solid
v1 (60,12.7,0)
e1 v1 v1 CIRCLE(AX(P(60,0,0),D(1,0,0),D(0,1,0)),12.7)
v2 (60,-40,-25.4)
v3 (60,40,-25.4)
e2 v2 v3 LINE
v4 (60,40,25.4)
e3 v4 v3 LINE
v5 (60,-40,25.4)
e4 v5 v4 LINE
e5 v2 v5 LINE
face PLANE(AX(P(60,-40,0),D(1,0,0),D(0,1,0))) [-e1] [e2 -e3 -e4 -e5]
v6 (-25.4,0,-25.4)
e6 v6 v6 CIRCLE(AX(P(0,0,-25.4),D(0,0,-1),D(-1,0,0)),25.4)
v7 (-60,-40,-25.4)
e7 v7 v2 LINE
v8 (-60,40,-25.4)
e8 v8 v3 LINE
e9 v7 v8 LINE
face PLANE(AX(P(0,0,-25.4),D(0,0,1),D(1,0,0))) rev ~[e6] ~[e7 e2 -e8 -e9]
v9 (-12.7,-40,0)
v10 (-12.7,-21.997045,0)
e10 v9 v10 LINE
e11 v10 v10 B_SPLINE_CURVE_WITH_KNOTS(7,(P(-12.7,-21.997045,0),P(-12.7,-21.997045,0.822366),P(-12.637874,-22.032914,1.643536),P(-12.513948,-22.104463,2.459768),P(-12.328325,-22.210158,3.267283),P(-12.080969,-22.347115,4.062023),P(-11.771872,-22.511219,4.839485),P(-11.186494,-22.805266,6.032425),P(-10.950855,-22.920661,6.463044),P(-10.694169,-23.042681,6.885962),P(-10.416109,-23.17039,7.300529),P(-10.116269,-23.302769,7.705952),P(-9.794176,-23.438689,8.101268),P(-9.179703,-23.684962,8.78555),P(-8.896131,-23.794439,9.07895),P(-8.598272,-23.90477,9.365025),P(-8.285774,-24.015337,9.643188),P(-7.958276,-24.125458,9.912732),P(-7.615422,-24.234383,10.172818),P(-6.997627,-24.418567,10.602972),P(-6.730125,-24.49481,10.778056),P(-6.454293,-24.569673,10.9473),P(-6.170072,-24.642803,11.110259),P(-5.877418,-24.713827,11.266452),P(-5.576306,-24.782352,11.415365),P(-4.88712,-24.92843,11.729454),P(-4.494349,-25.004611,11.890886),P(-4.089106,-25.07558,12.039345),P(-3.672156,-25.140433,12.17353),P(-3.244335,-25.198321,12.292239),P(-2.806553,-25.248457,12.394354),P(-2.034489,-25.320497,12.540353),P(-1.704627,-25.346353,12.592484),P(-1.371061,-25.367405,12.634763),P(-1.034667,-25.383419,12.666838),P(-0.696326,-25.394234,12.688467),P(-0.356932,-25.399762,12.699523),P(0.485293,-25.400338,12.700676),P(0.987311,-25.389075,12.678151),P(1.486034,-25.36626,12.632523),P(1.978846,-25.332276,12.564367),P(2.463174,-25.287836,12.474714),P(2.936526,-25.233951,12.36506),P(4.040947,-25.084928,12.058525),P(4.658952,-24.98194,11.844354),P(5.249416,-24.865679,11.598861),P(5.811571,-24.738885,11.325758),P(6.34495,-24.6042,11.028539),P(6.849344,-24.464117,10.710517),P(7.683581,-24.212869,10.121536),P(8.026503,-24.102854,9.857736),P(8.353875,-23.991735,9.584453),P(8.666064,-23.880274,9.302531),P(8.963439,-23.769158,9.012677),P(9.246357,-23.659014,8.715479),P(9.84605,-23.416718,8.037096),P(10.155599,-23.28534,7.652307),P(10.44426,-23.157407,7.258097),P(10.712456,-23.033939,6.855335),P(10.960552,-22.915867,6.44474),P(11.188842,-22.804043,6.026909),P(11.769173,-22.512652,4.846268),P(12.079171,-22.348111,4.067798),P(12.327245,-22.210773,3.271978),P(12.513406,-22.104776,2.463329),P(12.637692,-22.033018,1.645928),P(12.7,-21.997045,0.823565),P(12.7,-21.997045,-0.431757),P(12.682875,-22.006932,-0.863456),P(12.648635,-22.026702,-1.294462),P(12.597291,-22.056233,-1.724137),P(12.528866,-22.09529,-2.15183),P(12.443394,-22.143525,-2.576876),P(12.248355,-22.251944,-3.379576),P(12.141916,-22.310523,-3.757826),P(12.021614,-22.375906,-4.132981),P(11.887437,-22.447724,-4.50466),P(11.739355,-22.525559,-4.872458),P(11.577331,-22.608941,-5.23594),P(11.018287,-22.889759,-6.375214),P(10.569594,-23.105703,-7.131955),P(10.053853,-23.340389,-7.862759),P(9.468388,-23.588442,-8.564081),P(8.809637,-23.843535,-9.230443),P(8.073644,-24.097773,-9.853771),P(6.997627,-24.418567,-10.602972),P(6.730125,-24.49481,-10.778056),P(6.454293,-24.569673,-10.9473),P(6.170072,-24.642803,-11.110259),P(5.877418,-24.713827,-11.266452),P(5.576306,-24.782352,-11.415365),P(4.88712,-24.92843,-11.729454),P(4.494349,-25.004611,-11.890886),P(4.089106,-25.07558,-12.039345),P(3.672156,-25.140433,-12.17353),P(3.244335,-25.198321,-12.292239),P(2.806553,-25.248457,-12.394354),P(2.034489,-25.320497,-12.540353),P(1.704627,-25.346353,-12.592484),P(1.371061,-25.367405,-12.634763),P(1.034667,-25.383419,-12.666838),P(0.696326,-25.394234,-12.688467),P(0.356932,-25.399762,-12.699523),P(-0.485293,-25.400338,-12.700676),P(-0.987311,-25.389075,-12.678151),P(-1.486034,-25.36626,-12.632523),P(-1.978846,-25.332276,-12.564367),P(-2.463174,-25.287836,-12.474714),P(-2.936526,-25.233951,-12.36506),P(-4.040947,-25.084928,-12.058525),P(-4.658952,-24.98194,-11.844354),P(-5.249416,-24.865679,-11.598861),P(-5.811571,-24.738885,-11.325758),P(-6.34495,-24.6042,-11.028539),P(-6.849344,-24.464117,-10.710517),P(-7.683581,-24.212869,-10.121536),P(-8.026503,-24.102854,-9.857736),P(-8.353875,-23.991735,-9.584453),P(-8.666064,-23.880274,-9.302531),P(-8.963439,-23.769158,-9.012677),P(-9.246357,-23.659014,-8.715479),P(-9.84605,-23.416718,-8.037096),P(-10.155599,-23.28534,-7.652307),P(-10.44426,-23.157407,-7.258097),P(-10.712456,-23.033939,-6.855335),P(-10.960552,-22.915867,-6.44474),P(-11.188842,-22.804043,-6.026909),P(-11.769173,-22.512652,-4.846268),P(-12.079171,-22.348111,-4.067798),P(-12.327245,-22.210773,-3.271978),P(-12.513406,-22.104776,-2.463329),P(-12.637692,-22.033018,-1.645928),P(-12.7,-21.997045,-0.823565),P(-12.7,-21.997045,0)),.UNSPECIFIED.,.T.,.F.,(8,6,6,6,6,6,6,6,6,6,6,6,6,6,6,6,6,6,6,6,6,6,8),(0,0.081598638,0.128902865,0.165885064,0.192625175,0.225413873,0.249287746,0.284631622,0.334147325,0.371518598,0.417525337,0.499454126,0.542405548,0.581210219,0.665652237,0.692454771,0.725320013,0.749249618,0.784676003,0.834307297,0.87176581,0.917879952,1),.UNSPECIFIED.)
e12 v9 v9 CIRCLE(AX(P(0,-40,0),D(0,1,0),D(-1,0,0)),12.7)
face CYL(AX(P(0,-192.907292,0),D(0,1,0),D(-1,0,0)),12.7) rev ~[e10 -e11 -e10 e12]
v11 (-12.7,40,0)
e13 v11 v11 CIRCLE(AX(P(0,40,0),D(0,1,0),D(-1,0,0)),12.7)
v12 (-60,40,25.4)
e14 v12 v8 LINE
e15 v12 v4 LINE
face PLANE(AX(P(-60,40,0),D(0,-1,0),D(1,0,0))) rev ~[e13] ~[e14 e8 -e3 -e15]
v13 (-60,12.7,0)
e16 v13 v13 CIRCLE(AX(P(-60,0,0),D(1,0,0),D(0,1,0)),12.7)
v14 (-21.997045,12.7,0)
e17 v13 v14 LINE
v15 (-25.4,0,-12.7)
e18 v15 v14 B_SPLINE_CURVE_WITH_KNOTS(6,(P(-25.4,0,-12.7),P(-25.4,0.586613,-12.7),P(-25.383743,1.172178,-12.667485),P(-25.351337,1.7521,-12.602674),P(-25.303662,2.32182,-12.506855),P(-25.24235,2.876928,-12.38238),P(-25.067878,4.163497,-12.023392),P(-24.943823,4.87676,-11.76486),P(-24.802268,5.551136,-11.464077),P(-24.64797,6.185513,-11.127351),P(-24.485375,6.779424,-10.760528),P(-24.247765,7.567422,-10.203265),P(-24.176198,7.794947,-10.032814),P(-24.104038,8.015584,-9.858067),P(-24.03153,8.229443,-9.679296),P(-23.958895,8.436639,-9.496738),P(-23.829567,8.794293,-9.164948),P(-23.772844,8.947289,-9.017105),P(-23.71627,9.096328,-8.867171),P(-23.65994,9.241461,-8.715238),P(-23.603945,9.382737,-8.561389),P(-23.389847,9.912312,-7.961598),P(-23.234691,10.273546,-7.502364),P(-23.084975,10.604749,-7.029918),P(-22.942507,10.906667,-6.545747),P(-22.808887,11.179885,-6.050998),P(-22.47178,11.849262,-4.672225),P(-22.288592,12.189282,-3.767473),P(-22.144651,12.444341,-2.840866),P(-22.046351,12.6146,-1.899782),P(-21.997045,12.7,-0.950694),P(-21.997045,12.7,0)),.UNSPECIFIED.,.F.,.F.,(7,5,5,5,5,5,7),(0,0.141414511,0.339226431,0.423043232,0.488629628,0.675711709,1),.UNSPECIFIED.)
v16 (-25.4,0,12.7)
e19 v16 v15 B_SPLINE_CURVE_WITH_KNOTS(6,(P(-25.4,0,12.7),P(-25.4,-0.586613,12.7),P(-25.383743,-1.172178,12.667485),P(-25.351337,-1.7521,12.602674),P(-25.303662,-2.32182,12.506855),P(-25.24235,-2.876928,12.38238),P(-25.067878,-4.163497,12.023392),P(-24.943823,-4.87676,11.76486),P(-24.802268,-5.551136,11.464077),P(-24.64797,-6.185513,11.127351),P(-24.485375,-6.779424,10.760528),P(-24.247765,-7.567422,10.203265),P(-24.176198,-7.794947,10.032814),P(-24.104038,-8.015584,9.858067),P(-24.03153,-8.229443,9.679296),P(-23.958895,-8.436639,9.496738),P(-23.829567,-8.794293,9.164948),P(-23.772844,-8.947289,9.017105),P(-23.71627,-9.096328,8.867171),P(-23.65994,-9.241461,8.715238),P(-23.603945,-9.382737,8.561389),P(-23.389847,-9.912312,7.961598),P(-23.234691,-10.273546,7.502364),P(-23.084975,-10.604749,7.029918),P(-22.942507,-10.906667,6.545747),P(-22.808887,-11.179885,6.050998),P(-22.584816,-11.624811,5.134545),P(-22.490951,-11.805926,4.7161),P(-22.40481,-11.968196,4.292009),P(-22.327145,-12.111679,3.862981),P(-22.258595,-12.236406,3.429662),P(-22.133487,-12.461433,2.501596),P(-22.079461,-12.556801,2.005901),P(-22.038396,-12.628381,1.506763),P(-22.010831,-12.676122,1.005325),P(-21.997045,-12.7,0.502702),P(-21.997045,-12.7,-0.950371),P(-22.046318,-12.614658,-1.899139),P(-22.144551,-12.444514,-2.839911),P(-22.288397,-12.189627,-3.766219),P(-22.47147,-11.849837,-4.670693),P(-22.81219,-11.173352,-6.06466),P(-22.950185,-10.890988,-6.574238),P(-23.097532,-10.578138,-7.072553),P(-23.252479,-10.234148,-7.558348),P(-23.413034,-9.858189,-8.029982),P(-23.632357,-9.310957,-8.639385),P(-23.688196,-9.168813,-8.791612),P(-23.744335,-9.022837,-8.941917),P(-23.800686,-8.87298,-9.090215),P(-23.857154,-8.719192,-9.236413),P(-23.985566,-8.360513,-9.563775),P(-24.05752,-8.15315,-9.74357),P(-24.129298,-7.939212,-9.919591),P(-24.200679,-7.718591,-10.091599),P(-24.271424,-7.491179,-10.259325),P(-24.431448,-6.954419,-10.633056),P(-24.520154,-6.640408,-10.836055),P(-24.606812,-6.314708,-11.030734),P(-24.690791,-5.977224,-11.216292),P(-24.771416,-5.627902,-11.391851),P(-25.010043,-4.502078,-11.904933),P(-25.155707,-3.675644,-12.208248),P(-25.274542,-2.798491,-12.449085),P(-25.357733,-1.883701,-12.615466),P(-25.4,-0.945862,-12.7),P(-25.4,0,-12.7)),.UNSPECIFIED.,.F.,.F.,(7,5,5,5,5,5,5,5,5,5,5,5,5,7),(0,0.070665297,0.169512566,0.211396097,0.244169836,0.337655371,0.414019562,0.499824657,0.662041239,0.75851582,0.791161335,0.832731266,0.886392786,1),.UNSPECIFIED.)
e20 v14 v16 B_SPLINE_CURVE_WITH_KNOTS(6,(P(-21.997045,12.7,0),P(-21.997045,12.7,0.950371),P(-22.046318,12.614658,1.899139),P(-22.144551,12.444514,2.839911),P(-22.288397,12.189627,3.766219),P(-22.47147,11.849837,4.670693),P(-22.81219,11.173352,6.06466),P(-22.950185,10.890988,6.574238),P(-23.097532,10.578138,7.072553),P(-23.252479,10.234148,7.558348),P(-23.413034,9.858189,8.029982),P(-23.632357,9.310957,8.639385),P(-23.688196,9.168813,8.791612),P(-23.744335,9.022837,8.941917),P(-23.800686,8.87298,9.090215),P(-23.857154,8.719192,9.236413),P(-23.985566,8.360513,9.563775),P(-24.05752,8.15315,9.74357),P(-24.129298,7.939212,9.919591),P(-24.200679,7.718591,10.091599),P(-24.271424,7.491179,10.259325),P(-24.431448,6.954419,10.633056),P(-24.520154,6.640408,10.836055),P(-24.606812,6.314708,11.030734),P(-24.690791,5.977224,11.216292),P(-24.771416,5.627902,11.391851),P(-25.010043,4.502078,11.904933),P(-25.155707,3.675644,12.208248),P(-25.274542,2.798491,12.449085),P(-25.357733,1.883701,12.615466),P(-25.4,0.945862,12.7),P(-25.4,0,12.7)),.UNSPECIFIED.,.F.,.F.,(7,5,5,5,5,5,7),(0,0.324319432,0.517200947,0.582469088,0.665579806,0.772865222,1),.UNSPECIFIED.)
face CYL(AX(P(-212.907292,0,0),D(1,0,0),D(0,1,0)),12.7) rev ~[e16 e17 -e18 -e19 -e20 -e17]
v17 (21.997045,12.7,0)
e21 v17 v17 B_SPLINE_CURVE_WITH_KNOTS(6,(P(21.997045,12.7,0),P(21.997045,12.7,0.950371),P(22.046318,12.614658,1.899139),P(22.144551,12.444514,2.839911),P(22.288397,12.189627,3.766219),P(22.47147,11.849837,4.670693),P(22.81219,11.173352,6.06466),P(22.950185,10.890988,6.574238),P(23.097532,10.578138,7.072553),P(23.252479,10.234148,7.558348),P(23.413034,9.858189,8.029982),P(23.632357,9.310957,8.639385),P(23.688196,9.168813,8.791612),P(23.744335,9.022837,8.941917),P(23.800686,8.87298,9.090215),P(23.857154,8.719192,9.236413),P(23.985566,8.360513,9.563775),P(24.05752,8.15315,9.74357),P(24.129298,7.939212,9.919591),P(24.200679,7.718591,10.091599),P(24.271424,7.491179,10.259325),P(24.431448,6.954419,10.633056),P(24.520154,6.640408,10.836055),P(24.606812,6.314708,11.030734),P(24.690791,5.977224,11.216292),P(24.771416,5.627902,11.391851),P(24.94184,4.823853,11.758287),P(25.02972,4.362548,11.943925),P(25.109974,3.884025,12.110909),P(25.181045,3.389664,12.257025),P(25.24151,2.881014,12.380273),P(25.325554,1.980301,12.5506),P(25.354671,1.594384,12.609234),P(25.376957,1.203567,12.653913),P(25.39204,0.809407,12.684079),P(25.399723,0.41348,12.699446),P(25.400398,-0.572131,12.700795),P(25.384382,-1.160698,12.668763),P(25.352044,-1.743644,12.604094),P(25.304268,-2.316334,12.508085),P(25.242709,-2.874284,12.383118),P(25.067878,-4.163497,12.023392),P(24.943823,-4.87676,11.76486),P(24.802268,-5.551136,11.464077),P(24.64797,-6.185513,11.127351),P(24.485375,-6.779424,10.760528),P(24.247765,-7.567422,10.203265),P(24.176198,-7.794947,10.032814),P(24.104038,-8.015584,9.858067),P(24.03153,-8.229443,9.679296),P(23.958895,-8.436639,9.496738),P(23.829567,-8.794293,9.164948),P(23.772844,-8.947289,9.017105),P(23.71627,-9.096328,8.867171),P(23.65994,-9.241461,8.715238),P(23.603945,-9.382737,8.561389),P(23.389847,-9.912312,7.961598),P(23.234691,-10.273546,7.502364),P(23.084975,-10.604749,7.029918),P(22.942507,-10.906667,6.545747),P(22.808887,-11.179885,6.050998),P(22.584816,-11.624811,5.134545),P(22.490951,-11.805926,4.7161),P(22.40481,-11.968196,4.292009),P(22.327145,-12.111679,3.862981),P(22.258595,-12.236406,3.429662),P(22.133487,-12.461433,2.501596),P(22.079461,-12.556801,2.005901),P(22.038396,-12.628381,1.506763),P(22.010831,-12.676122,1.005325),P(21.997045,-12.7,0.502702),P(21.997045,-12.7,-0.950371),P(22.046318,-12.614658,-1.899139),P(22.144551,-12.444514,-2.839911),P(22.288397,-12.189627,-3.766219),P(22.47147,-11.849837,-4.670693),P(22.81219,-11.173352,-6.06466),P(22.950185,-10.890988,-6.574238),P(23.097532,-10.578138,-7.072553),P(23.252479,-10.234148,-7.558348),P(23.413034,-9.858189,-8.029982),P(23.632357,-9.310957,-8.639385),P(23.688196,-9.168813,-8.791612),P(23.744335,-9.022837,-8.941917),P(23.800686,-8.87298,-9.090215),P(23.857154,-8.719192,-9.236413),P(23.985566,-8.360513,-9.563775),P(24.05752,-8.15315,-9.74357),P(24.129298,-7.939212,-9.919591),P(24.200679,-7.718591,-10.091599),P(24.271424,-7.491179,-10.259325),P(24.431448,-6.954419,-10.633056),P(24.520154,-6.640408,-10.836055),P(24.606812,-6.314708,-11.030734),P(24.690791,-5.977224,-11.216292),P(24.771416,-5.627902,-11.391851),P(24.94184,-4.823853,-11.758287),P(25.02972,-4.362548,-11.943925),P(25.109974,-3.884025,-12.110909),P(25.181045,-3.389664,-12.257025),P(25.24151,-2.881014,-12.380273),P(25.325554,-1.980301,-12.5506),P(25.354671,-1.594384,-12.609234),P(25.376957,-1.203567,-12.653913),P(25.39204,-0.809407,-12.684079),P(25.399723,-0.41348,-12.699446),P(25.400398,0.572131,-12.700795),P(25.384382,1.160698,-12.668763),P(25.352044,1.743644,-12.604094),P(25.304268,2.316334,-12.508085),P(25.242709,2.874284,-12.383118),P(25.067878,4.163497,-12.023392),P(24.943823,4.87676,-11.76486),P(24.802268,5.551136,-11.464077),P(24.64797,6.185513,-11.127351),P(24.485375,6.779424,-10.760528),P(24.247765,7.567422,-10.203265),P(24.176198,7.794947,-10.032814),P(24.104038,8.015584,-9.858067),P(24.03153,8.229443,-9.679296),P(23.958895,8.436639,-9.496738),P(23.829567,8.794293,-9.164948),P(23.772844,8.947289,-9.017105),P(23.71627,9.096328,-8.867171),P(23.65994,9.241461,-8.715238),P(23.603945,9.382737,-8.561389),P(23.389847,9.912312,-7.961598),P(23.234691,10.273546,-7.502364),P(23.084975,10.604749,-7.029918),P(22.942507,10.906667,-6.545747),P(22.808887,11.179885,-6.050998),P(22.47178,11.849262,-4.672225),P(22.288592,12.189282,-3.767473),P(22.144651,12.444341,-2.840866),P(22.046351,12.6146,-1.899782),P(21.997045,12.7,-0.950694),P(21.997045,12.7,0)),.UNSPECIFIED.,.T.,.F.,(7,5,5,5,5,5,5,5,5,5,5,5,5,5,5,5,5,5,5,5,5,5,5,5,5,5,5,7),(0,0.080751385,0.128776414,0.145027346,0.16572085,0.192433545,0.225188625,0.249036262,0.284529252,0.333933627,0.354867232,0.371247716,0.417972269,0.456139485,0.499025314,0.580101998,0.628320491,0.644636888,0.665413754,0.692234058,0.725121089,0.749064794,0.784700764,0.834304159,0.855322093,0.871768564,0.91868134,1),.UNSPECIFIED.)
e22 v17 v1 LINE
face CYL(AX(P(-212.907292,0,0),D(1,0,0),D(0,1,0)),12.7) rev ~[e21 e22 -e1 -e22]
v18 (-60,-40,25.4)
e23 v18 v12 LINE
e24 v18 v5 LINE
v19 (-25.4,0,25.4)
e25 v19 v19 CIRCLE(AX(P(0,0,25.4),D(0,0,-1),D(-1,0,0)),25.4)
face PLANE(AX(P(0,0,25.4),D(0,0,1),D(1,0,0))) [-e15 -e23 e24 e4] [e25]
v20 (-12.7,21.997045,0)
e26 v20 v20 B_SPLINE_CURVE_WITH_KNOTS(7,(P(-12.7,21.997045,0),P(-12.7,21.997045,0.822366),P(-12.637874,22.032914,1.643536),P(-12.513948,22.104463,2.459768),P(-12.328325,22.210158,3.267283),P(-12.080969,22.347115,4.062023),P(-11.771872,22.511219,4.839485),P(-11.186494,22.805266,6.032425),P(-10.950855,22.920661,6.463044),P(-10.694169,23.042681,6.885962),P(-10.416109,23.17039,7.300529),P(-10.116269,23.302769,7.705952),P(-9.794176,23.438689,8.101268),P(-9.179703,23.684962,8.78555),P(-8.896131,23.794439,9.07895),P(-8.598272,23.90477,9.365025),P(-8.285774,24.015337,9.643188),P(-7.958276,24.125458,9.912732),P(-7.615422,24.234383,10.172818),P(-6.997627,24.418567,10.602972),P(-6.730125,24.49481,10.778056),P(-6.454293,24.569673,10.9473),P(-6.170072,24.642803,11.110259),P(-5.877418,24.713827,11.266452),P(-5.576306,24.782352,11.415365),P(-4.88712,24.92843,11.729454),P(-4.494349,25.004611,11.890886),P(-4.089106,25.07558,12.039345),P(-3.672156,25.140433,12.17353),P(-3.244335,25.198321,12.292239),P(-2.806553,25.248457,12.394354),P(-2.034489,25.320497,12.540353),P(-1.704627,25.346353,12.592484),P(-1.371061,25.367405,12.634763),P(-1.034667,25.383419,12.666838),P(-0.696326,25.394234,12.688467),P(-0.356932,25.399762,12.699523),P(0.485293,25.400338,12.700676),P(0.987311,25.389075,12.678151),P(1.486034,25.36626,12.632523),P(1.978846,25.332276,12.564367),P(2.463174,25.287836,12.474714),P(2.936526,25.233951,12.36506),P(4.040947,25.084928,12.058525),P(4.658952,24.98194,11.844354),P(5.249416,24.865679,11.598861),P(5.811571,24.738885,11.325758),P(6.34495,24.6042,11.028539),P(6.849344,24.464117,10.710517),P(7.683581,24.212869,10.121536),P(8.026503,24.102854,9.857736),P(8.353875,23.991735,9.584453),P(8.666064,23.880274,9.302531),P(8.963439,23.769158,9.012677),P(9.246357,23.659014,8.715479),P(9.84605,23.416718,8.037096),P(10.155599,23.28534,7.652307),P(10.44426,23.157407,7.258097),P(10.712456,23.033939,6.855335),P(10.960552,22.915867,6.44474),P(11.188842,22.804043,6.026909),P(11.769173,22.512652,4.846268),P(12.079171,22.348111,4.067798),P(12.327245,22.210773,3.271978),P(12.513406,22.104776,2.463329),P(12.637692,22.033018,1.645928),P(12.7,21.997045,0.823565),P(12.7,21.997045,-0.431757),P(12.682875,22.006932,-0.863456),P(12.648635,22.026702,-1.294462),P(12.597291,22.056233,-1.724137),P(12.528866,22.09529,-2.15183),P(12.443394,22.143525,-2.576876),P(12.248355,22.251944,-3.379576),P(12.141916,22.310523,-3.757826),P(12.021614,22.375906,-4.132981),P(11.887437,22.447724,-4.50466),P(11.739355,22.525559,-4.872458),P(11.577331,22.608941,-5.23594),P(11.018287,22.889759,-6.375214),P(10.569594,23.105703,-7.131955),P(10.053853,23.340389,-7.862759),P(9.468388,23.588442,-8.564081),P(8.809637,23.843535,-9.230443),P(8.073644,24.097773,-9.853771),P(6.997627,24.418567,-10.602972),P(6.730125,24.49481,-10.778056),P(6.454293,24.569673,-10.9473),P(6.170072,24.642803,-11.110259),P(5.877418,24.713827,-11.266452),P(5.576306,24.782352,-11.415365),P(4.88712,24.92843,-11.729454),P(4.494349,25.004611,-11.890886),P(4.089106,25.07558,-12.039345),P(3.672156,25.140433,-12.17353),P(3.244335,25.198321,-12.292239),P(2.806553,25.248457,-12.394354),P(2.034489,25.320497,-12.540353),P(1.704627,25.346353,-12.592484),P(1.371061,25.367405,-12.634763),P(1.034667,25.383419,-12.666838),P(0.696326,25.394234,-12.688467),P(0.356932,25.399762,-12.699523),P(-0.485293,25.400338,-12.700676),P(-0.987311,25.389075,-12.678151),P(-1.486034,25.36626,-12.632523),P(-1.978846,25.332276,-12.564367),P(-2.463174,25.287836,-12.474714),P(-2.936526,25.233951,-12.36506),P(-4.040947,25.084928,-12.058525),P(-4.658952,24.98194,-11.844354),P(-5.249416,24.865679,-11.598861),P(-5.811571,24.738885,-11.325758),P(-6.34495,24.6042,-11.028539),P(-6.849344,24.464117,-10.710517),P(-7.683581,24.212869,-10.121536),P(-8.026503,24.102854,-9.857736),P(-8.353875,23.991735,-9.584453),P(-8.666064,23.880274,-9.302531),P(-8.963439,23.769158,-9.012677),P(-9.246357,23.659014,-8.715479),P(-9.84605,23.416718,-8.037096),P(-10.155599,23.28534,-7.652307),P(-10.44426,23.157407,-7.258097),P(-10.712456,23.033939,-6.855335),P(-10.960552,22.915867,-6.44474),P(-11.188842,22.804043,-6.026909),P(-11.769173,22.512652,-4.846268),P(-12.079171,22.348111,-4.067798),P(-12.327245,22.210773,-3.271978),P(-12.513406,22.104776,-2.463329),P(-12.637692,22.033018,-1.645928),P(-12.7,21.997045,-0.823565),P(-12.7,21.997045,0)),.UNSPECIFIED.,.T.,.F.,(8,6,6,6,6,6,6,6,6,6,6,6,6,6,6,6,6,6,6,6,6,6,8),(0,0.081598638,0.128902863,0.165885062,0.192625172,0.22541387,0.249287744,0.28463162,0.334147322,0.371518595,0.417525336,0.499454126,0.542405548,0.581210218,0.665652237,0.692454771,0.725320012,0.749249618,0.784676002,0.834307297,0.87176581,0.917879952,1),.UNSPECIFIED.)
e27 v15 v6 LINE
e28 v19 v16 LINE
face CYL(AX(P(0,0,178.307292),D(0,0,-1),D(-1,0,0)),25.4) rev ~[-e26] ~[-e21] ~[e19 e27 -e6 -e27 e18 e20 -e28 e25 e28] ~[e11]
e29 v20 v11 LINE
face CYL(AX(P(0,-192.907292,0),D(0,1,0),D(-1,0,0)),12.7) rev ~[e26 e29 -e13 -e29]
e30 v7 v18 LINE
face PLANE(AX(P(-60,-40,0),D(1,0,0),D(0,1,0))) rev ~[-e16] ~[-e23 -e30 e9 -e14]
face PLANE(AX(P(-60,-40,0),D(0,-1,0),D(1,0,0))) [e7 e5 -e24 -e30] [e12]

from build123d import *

# Parameters (mm, degrees)
F0_W          = 120
F0_H          = 80
F1_DEPTH      = 25.4
F1_DEPTH_BACK = 25.4
F3_D          = 50.8
F5_D          = 25.4
F7_D          = 25.4


with BuildPart() as f1:
    # F0 (on Top) → F1 (new body, two sides)
    with BuildSketch(Plane.XY) as f1_sk:
        Rectangle(F0_W, F0_H)
    extrude(amount=F1_DEPTH)
    extrude(f1_sk.sketch, amount=-F1_DEPTH_BACK)

    # F3 (through all)
    with Locations(Plane.XY.offset(25.4)):
        with Locations((0, 0)):
            Hole(F3_D / 2)

    # F5 (through all)
    with Locations(Plane.XZ.offset(40)):
        with Locations((0, 0)):
            Hole(F5_D / 2)

    # F7 (through all)
    with Locations(Plane(origin=(-60, 0, 0), x_dir=(0, -1, 0), z_dir=(-1, 0, 0))):
        with Locations((0, 0)):
            Hole(F7_D / 2)


solid = f1.part
